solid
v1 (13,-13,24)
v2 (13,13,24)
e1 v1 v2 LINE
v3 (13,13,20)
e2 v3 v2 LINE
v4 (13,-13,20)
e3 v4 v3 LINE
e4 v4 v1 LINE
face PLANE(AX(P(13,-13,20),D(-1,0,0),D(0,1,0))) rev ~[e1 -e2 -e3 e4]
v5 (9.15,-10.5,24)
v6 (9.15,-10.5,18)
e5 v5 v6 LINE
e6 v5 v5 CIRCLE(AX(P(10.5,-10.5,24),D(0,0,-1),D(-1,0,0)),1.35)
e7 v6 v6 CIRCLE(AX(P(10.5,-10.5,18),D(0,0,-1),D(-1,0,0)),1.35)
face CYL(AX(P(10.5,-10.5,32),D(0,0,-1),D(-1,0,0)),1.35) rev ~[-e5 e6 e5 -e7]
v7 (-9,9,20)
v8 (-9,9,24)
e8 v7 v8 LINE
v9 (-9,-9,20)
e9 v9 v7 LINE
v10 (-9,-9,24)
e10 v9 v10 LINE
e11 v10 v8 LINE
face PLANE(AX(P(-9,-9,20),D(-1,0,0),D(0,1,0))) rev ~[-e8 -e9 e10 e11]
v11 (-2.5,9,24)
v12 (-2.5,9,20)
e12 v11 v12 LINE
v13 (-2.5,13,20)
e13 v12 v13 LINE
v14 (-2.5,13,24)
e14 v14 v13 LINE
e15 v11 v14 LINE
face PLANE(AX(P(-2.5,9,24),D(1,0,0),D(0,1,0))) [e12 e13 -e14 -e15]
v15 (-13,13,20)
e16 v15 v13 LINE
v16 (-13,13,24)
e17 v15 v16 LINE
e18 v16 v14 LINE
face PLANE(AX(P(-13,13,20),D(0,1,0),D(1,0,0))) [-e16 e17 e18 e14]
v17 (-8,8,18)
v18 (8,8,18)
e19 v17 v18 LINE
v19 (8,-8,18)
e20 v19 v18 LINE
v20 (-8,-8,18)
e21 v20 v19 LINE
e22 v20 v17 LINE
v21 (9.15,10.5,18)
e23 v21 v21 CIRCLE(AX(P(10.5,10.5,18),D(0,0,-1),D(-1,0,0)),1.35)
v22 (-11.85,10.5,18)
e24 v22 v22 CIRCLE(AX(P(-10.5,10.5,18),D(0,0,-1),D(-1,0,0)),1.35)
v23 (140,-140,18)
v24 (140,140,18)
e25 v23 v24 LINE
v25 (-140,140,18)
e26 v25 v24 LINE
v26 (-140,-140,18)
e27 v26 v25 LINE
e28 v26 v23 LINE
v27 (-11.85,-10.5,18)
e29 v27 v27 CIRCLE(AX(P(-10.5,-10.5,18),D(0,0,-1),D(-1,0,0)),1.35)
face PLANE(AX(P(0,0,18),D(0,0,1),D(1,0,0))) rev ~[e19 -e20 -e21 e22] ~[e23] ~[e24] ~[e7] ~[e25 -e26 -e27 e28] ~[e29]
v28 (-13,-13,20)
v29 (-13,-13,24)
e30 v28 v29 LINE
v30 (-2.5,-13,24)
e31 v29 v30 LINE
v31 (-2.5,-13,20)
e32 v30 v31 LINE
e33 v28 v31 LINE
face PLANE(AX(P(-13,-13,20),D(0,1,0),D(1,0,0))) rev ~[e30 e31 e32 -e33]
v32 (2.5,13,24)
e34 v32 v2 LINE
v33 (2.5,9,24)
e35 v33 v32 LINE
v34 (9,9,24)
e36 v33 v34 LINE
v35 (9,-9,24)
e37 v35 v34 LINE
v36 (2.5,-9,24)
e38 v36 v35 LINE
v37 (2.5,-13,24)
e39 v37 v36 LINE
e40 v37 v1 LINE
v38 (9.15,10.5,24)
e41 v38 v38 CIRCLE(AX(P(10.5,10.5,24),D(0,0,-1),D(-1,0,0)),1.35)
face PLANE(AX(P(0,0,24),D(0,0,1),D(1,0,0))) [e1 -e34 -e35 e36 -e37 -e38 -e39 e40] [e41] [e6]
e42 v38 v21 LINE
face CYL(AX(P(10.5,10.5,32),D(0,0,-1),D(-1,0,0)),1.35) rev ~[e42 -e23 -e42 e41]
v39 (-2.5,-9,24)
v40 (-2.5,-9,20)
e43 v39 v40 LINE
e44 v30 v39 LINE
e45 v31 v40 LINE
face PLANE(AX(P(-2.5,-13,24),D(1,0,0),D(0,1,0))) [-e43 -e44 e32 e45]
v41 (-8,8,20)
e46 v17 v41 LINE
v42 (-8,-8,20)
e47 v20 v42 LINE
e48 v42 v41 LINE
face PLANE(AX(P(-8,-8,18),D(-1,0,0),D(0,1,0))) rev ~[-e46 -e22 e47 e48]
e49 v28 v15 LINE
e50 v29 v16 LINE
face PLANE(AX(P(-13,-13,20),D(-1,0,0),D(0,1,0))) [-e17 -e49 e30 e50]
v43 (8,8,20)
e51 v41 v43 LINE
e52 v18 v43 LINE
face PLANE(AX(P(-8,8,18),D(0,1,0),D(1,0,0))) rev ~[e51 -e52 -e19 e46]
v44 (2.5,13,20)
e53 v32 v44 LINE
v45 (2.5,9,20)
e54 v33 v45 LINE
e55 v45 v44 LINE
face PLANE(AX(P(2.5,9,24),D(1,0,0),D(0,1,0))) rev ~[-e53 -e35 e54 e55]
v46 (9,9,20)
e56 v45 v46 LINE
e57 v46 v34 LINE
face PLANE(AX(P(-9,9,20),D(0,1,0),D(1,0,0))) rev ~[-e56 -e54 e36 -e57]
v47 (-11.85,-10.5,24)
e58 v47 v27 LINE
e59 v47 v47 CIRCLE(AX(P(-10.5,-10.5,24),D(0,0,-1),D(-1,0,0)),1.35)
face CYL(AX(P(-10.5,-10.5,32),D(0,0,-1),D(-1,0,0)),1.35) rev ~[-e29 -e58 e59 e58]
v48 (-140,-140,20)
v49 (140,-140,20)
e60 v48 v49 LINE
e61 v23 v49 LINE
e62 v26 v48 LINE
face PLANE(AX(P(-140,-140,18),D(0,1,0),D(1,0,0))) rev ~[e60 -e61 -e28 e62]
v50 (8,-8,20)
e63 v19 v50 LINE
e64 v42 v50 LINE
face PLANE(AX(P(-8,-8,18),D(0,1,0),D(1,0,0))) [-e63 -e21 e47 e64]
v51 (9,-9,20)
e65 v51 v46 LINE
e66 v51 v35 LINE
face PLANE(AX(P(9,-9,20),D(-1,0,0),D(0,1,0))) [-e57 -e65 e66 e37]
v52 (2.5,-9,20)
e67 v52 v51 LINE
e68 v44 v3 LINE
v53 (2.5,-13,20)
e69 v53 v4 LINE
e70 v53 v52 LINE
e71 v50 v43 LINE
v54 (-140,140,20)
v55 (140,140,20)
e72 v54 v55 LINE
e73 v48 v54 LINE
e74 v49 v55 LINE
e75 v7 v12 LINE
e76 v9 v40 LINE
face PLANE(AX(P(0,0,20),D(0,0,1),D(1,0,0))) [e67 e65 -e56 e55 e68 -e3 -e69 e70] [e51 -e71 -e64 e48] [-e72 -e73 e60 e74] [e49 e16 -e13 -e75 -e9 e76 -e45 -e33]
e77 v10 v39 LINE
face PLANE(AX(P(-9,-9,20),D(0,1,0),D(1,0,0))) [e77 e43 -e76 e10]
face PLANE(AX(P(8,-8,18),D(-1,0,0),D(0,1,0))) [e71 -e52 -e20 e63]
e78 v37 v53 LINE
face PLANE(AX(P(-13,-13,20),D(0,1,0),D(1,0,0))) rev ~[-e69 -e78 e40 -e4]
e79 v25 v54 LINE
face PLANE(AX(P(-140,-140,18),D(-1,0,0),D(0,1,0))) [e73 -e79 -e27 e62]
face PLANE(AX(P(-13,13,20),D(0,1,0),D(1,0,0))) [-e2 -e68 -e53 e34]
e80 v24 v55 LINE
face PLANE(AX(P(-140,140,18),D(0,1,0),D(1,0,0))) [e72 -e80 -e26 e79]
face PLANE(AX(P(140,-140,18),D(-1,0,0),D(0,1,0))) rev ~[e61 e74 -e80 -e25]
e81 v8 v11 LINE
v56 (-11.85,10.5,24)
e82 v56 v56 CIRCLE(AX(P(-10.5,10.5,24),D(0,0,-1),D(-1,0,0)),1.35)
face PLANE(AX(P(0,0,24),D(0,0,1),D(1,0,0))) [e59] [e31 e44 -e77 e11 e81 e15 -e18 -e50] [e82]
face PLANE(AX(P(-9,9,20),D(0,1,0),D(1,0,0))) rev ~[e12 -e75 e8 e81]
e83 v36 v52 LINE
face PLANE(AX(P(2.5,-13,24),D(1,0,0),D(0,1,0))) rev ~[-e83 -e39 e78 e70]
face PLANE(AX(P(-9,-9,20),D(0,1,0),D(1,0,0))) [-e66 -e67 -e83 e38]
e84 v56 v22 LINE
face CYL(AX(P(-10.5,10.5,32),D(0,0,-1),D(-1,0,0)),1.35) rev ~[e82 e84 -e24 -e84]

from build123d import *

# Parameters (mm, degrees)
F0_W      = 280
F0_H      = 280
F0_W_2    = 50
F0_H_2    = 50
F1_DEPTH  = 18
F2_DEPTH  = 2
F3_W      = 16
F3_H      = 6
F4_DEPTH  = 115
F5_W      = 280
F5_H      = 280
F5_W_2    = 50
F5_H_2    = 50
F5_W_3    = 16
F5_H_3    = 16
F6_DEPTH  = 2
F7_W      = 26
F7_H      = 26
F7_W_2    = 18
F7_H_2    = 18
F8_DEPTH  = 4
F10_D     = 2.7
F10_DEPTH = 8
F10_TIP   = 0.8111618357
F9_W      = 5
F9_H      = 4
F11_DEPTH = 4


with BuildPart() as f1:
    # F0 (on Top) → F1 (new body)
    with BuildSketch(Plane.XY):
        Rectangle(F0_W, F0_H)
        Rectangle(F0_W_2, F0_H_2, mode=Mode.SUBTRACT)
    extrude(amount=F1_DEPTH)

    # F0 (on Top) → F2 (join)
    with BuildSketch(Plane.XY):
        Rectangle(F0_W, F0_H)
        Rectangle(F0_W_2, F0_H_2, mode=Mode.SUBTRACT)
        Rectangle(F0_W_2, F0_H_2)
    extrude(amount=-F2_DEPTH)

    # F3 (on face) → F4 (cut, through all)
    with BuildSketch(Plane.YZ.offset(140)):
        with Locations((0.0201961273, 3)):
            Rectangle(F3_W, F3_H)
    extrude(amount=-F4_DEPTH, mode=Mode.SUBTRACT)


with BuildPart() as f6:
    # F5 (on face) → F6 (new body)
    with BuildSketch(Plane.XY.offset(18)):
        Rectangle(F5_W, F5_H)
        Rectangle(F5_W_2, F5_H_2, mode=Mode.SUBTRACT)
        Rectangle(F5_W_2, F5_H_2)
        Rectangle(F5_W_3, F5_H_3, mode=Mode.SUBTRACT)
    extrude(amount=F6_DEPTH)

    # F7 (on face) → F8 (join)
    with BuildSketch(Plane.XY.offset(20)):
        Rectangle(F7_W, F7_H)
        Rectangle(F7_W_2, F7_H_2, mode=Mode.SUBTRACT)
    extrude(amount=F8_DEPTH)

    # F10
    with Locations(Plane.XY.offset(24)):
        with Locations((-10.5, 10.5), (10.5, 10.5), (-10.5, -10.5), (10.5, -10.5)):
            Hole(F10_D / 2, depth=F10_DEPTH)
            with Locations((0, 0, -(F10_DEPTH + F10_TIP / 2))):  # 118° drill point
                Cone(0, F10_D / 2, F10_TIP, mode=Mode.SUBTRACT)

    # F9 (on face) → F11 (cut, through all)
    with BuildSketch(Plane.XY.offset(24)):
        with Locations((0, 11)):
            Rectangle(F9_W, F9_H)
        with Locations((0, -11)):
            Rectangle(F9_W, F9_H)
    extrude(amount=-F11_DEPTH, mode=Mode.SUBTRACT)


solid = f6.part
